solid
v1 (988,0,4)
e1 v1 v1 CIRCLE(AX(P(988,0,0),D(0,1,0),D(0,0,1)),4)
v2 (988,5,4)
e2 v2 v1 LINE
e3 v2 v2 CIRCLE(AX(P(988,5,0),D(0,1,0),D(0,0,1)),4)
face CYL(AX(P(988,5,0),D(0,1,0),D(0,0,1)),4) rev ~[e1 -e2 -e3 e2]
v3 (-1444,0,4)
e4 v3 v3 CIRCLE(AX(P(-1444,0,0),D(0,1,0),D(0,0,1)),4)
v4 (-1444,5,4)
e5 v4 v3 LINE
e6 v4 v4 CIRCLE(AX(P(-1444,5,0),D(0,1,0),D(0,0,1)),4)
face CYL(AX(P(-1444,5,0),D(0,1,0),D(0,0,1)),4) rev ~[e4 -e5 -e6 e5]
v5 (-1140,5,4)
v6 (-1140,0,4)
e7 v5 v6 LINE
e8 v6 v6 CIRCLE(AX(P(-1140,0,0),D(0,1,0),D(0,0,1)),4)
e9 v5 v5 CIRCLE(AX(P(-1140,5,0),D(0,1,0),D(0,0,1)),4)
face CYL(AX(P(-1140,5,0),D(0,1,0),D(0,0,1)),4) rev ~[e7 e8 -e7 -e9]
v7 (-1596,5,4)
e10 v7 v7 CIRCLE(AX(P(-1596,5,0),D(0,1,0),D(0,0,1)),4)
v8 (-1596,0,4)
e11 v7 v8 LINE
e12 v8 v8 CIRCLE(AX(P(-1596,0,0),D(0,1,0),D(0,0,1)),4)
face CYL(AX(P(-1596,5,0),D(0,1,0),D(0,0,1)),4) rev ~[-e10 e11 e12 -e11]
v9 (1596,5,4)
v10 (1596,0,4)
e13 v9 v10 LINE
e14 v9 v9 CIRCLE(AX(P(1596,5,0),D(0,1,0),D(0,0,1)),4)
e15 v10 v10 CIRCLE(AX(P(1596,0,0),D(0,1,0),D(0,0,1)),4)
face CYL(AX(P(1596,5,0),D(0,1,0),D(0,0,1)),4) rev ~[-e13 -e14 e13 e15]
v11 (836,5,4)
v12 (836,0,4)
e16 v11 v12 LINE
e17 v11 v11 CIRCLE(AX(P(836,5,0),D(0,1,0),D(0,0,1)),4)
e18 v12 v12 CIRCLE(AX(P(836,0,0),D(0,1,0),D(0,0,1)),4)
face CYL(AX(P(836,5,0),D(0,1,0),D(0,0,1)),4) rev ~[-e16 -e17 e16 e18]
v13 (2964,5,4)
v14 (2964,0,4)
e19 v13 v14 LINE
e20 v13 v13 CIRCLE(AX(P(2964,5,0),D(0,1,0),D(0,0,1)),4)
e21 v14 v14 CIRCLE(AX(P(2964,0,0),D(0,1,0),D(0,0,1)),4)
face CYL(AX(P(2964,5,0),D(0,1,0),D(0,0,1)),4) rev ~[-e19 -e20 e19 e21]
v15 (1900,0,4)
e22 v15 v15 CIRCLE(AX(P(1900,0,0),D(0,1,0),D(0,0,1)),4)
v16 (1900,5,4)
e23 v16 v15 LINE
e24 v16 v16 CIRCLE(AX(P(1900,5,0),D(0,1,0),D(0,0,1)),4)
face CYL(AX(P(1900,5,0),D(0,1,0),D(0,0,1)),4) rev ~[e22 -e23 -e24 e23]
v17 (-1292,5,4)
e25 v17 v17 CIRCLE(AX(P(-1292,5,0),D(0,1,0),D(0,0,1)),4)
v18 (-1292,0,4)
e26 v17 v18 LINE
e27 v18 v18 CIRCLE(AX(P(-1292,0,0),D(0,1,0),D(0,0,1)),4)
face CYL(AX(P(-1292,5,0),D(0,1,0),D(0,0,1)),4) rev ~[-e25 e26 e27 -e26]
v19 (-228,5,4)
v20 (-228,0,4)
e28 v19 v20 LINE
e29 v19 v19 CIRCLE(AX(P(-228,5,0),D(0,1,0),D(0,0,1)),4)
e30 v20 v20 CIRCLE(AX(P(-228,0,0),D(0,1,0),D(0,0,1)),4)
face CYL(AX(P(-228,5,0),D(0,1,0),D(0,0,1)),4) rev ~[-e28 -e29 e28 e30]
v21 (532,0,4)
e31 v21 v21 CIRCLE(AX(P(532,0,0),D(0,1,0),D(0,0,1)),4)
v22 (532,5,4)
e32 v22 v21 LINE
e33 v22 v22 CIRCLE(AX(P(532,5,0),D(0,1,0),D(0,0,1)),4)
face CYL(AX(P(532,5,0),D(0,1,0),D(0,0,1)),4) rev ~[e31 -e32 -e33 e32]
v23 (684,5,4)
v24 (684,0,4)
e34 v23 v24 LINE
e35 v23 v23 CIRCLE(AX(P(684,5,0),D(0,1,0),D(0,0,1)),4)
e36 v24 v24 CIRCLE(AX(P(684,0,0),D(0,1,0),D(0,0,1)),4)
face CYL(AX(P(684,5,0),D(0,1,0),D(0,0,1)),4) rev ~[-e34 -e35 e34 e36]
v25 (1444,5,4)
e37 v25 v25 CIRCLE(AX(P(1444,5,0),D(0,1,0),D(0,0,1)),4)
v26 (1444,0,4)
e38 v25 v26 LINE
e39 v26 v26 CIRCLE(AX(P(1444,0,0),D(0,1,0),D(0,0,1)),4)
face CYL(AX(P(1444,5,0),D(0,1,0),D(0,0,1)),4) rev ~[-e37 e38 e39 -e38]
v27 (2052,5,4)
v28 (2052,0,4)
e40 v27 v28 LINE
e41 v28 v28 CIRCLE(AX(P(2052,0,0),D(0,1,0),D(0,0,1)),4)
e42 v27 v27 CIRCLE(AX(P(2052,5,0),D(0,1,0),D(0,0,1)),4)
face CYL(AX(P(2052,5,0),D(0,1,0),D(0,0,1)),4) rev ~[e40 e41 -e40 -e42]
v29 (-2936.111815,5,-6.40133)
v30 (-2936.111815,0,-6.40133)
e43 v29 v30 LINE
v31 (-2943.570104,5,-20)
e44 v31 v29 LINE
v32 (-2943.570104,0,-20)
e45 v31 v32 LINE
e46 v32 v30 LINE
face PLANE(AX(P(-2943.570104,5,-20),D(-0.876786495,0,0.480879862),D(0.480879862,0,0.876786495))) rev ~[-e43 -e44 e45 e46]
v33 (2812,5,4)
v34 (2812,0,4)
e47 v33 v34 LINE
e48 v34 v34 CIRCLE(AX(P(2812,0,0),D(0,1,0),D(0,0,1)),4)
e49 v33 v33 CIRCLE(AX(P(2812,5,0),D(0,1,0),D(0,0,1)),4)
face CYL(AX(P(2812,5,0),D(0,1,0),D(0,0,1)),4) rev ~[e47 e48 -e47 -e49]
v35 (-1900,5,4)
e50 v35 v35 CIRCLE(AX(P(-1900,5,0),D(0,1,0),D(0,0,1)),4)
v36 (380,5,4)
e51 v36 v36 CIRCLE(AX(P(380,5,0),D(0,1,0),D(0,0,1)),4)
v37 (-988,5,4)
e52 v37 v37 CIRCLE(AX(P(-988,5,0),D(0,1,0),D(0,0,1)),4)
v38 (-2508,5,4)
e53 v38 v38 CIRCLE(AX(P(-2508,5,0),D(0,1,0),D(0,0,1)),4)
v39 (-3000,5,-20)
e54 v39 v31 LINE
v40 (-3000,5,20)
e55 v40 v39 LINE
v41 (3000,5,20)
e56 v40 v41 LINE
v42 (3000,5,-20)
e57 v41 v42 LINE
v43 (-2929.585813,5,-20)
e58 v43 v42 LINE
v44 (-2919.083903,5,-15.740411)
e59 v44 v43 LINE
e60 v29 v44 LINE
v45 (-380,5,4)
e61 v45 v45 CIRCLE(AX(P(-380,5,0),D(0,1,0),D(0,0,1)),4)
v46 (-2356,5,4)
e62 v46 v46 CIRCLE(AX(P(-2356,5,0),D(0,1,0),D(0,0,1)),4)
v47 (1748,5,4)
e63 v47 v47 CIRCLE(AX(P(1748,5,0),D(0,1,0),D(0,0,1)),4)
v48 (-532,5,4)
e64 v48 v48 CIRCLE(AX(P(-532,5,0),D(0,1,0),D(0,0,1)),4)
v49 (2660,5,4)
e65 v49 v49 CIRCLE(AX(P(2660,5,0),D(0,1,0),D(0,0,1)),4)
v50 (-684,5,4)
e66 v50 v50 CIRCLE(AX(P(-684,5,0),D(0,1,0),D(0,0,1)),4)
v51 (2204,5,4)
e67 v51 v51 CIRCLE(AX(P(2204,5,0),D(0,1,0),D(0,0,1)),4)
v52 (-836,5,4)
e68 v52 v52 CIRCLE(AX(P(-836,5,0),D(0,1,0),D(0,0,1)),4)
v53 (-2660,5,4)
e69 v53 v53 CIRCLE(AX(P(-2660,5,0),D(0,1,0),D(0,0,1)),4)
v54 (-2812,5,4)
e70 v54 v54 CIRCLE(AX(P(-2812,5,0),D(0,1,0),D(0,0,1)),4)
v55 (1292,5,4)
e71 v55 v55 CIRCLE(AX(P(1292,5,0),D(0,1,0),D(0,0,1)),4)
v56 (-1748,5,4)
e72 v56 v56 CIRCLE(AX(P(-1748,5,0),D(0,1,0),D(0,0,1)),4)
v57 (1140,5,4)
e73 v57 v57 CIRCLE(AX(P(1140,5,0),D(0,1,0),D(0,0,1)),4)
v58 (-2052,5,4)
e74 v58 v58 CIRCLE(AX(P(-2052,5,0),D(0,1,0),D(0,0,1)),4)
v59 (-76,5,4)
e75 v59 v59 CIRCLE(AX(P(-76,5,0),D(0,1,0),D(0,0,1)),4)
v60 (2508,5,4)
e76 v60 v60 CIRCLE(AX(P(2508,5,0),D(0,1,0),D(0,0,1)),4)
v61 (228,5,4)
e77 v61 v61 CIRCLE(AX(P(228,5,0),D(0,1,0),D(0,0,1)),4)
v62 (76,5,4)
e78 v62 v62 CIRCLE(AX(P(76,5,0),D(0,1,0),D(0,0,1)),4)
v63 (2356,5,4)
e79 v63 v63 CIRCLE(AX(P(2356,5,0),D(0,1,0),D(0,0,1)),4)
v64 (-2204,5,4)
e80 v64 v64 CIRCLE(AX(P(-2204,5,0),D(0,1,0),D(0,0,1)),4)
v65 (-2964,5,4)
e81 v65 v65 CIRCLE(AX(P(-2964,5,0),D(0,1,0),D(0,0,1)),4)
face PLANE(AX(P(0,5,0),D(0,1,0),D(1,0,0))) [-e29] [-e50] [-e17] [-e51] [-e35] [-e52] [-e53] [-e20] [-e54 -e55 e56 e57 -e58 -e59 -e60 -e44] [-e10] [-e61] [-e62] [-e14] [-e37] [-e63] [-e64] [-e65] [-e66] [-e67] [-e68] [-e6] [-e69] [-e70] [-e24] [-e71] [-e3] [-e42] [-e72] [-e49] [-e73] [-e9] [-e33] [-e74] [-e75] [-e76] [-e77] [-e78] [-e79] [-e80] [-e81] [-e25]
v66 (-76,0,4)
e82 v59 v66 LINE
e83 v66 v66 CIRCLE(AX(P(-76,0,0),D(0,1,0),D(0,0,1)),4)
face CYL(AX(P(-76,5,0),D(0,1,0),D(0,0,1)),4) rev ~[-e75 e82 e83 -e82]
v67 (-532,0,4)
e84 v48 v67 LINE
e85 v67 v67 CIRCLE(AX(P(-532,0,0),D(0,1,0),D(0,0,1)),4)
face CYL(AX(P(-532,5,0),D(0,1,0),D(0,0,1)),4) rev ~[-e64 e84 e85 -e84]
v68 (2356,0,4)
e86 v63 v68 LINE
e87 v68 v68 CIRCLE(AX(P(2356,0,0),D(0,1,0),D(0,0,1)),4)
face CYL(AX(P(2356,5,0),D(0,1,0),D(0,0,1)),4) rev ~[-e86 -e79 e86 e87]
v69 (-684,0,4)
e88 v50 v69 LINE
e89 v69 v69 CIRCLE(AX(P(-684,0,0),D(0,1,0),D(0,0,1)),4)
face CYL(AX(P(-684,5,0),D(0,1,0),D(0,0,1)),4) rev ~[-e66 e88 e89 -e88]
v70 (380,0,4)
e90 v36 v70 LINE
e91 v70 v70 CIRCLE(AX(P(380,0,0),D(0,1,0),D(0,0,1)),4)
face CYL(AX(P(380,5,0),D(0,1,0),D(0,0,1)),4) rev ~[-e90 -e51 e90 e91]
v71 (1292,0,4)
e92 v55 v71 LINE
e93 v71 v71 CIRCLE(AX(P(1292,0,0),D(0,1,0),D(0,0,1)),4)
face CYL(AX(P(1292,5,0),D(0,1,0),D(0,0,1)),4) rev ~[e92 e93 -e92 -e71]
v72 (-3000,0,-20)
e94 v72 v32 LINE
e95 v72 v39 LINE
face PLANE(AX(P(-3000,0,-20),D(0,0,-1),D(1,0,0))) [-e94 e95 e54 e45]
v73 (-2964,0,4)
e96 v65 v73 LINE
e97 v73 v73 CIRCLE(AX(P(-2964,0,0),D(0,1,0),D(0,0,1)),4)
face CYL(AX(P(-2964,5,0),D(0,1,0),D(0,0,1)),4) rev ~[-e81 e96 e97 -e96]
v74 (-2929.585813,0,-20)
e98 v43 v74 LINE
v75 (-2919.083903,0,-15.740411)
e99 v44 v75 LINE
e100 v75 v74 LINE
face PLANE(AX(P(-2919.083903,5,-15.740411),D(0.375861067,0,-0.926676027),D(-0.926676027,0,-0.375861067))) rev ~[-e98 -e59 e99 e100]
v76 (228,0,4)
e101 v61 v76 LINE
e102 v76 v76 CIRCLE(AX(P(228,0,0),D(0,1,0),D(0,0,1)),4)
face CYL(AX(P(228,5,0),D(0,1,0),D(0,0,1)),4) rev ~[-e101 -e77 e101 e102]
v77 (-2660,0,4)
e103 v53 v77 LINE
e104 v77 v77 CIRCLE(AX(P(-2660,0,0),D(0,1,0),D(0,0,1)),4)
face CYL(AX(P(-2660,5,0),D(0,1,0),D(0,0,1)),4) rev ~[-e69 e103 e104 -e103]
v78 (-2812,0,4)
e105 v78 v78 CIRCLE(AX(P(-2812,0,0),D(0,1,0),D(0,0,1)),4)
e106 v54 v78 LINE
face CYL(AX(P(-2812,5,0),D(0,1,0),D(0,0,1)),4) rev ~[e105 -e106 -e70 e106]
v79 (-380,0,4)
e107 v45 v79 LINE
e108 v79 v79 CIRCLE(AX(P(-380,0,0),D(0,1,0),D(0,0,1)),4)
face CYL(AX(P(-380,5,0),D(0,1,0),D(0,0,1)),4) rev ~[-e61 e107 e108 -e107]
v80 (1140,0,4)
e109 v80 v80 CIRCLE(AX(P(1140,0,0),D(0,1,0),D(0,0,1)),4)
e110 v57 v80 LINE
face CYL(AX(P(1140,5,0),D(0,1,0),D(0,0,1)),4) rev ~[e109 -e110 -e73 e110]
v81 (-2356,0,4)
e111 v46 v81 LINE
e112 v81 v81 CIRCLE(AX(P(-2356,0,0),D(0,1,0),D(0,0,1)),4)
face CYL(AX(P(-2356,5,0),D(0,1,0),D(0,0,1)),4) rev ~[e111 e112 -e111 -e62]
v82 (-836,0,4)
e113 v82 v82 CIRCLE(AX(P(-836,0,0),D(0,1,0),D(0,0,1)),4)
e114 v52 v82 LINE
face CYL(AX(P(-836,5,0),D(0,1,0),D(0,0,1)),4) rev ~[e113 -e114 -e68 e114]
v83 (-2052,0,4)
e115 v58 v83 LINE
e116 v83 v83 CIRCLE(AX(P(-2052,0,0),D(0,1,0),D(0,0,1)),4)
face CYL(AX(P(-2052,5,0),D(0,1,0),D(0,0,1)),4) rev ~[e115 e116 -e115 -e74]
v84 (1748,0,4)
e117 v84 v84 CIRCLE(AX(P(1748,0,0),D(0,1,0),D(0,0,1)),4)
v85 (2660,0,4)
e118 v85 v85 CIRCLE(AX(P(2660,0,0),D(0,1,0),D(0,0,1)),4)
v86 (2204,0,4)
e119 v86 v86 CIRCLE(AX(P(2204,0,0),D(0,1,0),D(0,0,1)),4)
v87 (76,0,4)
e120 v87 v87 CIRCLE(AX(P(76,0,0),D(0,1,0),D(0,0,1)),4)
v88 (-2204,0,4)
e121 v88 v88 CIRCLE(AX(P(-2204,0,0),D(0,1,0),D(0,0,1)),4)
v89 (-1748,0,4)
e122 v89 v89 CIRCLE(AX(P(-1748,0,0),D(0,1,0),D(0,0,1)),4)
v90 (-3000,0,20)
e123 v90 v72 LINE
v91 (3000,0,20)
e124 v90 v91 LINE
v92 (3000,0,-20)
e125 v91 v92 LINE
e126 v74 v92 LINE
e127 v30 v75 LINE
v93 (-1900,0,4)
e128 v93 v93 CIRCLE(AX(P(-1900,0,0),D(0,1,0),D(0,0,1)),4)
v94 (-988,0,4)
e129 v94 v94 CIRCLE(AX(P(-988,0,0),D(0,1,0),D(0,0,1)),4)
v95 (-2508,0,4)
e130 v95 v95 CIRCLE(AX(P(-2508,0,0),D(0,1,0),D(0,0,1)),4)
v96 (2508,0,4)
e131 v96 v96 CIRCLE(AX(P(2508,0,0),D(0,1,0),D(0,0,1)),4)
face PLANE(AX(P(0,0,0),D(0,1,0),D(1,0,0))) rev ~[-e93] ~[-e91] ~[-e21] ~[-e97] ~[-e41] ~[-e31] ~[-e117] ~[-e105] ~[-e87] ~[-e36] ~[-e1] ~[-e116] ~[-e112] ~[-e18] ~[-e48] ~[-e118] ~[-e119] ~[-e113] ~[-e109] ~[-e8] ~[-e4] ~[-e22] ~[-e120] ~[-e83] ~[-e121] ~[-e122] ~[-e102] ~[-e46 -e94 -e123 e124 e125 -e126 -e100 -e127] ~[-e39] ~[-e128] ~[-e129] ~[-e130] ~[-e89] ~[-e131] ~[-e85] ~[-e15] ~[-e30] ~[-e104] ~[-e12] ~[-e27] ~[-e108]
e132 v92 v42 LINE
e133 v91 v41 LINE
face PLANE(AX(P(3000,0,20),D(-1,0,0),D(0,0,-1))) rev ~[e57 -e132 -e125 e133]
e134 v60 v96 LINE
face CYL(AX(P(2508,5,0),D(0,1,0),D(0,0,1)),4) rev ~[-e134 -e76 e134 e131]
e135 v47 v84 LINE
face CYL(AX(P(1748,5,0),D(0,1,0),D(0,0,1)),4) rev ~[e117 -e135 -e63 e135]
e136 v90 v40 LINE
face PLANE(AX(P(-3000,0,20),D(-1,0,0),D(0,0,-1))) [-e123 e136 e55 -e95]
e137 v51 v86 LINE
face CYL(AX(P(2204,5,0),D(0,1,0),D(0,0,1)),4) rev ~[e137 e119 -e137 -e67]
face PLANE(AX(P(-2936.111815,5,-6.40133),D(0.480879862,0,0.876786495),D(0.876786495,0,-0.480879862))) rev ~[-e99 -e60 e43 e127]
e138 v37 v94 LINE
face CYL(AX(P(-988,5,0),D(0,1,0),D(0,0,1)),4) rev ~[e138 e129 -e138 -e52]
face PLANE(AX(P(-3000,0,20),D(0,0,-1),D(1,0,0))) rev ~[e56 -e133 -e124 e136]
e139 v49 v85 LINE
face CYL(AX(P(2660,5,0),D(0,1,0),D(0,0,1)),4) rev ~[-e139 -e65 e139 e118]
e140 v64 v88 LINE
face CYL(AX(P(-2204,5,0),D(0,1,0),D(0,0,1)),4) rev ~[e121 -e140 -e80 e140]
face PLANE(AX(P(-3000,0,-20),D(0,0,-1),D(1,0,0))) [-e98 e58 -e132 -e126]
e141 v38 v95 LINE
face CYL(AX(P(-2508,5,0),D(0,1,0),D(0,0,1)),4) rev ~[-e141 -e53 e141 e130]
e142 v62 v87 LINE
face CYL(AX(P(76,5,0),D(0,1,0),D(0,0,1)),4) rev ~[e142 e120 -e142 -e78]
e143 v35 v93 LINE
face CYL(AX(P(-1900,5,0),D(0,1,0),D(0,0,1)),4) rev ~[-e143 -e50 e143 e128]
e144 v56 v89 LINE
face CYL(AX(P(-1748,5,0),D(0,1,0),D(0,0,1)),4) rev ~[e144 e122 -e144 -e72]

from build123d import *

# Parameters (mm, degrees)
IZIM1_W                     = 6000
IZIM1_H                     = 40
Y_KSEKLIK_EKSTR_ZYON1_DEPTH = 5
IZIM2_R                     = 4
KES_EKSTR_ZYON1_DEPTH       = 5
L_O_ALTMA1_COUNT            = 40
L_O_ALTMA1_PITCH            = 152
KES_EKSTR_ZYON2_DEPTH       = 5


with BuildPart() as part:
    # Çizim1 → Yükseklik-Ekstrüzyon1 (new body)
    with BuildSketch(Plane(origin=(0, 0, 0), x_dir=(1, 0, 0), z_dir=(0, 1, 0))):
        Rectangle(IZIM1_W, IZIM1_H)
    extrude(amount=Y_KSEKLIK_EKSTR_ZYON1_DEPTH)

    # Çizim2 → Kes-Ekstrüzyon1 (cut)
    with BuildSketch(Plane(origin=(0, 5, 0), x_dir=(1, 0, 0), z_dir=(0, 1, 0))):
        with Locations(Location((-2964, 0, 0), (0, 0, 270))):
            Circle(IZIM2_R)
    kes_ekstr_zyon1 = extrude(amount=-KES_EKSTR_ZYON1_DEPTH, mode=Mode.SUBTRACT)

    # LÇoğaltma1: Kes-Ekstrüzyon1 ×40
    with Locations(*[(i * L_O_ALTMA1_PITCH, 0, 0) for i in range(1, L_O_ALTMA1_COUNT)]):
        add(kes_ekstr_zyon1, mode=Mode.SUBTRACT)

    # Çizim3 → Kes-Ekstrüzyon2 (cut)
    with BuildSketch(Plane(origin=(0, 5, 0), x_dir=(1, 0, 0), z_dir=(0, 1, 0))):
        Polygon((-2943.570103911, 20), (-2936.111815354, 6.401329737), (-2919.083902826, 15.74041089), (-2929.585812867, 20), align=None)
    extrude(amount=-KES_EKSTR_ZYON2_DEPTH, mode=Mode.SUBTRACT)


solid = part.part
